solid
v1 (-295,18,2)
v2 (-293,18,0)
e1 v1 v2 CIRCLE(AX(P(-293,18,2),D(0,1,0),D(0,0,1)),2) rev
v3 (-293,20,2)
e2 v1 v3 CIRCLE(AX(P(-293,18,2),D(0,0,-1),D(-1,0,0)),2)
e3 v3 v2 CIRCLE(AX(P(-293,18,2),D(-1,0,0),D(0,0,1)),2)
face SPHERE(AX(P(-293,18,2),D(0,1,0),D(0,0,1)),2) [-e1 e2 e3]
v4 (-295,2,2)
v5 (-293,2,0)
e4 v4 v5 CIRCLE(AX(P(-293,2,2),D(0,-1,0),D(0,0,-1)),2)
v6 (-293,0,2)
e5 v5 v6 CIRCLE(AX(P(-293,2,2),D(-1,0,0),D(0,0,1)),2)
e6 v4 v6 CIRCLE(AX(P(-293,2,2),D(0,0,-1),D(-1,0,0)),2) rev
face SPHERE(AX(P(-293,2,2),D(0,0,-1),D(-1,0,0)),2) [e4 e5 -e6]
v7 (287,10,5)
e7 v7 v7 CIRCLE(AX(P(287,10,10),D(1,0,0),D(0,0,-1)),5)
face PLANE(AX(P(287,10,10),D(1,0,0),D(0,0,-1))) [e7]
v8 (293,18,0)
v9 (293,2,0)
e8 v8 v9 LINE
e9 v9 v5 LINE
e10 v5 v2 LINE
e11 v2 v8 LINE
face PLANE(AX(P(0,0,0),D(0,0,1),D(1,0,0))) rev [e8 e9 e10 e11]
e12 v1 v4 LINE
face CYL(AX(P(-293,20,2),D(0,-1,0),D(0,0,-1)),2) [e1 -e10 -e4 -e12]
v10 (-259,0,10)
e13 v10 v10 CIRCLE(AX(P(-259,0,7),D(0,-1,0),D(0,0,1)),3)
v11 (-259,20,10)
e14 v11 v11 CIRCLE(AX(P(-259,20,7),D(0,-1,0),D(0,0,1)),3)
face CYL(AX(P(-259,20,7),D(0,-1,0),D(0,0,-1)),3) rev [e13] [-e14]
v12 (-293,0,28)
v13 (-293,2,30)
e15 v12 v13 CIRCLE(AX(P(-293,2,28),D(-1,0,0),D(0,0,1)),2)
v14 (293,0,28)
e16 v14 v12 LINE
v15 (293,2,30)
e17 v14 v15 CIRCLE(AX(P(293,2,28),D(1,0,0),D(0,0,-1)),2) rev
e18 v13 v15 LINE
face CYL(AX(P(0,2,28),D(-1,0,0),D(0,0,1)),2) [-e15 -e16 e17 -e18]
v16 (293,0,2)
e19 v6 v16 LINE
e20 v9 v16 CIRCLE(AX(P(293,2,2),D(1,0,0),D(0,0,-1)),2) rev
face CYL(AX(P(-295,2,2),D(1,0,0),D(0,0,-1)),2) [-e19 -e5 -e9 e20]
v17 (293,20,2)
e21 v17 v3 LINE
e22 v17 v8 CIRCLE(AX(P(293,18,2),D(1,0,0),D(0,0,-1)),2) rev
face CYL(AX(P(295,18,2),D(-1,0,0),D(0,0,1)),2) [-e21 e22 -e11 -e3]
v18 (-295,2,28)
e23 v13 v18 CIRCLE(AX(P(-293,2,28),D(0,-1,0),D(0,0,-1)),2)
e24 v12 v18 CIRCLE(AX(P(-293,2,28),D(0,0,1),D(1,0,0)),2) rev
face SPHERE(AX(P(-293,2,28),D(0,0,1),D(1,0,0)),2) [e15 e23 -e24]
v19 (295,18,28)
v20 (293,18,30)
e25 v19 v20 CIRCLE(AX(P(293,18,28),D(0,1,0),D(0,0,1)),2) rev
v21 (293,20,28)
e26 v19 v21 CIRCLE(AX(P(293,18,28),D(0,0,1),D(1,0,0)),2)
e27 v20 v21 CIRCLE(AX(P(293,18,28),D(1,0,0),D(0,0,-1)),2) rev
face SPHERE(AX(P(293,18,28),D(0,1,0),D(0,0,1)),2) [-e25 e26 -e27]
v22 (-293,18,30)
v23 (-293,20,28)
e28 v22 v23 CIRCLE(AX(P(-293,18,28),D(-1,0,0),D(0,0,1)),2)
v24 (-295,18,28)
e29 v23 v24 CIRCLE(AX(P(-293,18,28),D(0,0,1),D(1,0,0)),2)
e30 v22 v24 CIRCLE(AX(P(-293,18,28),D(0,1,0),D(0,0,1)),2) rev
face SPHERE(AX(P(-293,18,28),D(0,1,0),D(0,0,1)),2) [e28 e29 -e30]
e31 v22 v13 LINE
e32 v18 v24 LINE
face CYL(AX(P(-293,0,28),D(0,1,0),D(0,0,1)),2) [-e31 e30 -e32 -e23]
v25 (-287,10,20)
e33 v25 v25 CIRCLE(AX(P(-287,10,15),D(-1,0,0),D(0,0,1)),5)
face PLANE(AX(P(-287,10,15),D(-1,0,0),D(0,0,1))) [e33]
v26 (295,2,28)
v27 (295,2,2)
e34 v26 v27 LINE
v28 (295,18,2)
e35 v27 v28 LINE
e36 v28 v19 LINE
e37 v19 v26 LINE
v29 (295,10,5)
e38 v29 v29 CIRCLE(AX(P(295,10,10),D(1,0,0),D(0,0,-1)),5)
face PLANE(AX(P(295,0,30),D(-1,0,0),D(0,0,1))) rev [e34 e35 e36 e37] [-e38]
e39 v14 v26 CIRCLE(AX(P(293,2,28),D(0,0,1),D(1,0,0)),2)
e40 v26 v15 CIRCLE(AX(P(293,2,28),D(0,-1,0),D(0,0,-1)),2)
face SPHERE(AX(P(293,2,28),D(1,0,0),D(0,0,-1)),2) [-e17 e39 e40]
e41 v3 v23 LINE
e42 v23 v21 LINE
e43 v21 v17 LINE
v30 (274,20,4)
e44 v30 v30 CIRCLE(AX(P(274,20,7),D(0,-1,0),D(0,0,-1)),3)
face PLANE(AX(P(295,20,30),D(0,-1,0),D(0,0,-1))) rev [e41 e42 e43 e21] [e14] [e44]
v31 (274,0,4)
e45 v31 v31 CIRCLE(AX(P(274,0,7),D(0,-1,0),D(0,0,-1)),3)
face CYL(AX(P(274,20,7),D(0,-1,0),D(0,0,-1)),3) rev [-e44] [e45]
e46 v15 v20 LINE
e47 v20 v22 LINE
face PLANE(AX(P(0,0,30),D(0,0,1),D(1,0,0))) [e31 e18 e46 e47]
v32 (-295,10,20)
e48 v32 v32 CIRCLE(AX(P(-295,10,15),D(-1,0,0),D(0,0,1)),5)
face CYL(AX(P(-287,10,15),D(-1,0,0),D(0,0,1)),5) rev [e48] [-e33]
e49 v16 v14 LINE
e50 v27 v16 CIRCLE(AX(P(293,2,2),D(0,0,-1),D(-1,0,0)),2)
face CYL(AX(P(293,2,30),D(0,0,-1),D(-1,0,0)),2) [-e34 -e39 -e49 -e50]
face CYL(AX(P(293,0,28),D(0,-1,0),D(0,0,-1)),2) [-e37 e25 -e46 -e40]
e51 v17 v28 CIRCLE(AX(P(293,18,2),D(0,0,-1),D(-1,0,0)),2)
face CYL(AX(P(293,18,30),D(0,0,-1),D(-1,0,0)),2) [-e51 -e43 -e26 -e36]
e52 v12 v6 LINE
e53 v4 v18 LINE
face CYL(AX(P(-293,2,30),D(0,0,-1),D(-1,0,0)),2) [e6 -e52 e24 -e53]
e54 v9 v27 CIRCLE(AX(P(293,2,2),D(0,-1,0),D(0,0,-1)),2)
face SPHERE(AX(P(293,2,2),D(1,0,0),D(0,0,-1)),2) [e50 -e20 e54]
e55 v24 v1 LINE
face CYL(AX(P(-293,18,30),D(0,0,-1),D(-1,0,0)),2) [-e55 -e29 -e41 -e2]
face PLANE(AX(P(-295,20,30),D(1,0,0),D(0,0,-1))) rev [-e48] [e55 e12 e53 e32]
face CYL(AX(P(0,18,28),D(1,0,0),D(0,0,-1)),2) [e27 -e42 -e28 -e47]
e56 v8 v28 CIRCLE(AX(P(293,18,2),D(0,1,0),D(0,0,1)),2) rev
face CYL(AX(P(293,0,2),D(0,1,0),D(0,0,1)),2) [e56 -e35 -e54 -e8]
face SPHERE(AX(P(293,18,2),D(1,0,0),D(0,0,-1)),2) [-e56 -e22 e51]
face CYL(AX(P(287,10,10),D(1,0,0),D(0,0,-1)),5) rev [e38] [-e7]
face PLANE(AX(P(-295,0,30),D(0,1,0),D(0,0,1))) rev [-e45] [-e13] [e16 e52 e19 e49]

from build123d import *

# Parameters (mm, degrees)
SKETCH1_W           = 590
SKETCH1_H           = 20
BOSS_EXTRUDE1_DEPTH = 30
FILLET1_R           = 2
SKETCH6_R           = 5
CUT_EXTRUDE5_DEPTH  = 8
SKETCH7_R           = 5
CUT_EXTRUDE6_DEPTH  = 8
SKETCH8_R           = 3
CUT_EXTRUDE7_DEPTH  = 298.195222034


with BuildPart() as part:
    # Sketch1 → Boss-Extrude1 (new body)
    with BuildSketch(Plane.XY):
        with Locations((0, 10)):
            Rectangle(SKETCH1_W, SKETCH1_H)
    extrude(amount=BOSS_EXTRUDE1_DEPTH)

    # Fillet1
    fillet1_edges = [part.edges().sort_by_distance(p)[0] for p in [
        (295, 10, 30),
        (0, 20, 30),
        (-295, 10, 30),
        (0, 20, 0),
        (295, 10, 0),
        (0, 0, 0),
        (-295, 10, 0),
        (-295, 20, 15),
        (295, 20, 15),
        (295, 0, 15),
        (-295, 0, 15),
        (0, 0, 30),
    ]]
    fillet(fillet1_edges, radius=FILLET1_R)

    # Sketch6 → Cut-Extrude5 (cut)
    with BuildSketch(Plane(origin=(295, 0, 0), x_dir=(0, 0, -1), z_dir=(1, 0, 0))):
        with Locations((-10, 10)):
            Circle(SKETCH6_R)
    extrude(amount=-CUT_EXTRUDE5_DEPTH, mode=Mode.SUBTRACT)

    # Sketch7 → Cut-Extrude6 (cut)
    with BuildSketch(Plane.ZY.offset(295)):
        with Locations((15, 10)):
            Circle(SKETCH7_R)
    extrude(amount=-CUT_EXTRUDE6_DEPTH, mode=Mode.SUBTRACT)

    # Sketch8 → Cut-Extrude7 (cut, through all)
    with BuildSketch(Plane.XZ):
        with Locations(Location((-259, 7, 0), (0, 0, 90))):
            Circle(SKETCH8_R)
        with Locations(Location((274, 7, 0), (0, 0, 270))):
            Circle(SKETCH8_R)
    extrude(amount=-CUT_EXTRUDE7_DEPTH, mode=Mode.SUBTRACT)


solid = part.part
